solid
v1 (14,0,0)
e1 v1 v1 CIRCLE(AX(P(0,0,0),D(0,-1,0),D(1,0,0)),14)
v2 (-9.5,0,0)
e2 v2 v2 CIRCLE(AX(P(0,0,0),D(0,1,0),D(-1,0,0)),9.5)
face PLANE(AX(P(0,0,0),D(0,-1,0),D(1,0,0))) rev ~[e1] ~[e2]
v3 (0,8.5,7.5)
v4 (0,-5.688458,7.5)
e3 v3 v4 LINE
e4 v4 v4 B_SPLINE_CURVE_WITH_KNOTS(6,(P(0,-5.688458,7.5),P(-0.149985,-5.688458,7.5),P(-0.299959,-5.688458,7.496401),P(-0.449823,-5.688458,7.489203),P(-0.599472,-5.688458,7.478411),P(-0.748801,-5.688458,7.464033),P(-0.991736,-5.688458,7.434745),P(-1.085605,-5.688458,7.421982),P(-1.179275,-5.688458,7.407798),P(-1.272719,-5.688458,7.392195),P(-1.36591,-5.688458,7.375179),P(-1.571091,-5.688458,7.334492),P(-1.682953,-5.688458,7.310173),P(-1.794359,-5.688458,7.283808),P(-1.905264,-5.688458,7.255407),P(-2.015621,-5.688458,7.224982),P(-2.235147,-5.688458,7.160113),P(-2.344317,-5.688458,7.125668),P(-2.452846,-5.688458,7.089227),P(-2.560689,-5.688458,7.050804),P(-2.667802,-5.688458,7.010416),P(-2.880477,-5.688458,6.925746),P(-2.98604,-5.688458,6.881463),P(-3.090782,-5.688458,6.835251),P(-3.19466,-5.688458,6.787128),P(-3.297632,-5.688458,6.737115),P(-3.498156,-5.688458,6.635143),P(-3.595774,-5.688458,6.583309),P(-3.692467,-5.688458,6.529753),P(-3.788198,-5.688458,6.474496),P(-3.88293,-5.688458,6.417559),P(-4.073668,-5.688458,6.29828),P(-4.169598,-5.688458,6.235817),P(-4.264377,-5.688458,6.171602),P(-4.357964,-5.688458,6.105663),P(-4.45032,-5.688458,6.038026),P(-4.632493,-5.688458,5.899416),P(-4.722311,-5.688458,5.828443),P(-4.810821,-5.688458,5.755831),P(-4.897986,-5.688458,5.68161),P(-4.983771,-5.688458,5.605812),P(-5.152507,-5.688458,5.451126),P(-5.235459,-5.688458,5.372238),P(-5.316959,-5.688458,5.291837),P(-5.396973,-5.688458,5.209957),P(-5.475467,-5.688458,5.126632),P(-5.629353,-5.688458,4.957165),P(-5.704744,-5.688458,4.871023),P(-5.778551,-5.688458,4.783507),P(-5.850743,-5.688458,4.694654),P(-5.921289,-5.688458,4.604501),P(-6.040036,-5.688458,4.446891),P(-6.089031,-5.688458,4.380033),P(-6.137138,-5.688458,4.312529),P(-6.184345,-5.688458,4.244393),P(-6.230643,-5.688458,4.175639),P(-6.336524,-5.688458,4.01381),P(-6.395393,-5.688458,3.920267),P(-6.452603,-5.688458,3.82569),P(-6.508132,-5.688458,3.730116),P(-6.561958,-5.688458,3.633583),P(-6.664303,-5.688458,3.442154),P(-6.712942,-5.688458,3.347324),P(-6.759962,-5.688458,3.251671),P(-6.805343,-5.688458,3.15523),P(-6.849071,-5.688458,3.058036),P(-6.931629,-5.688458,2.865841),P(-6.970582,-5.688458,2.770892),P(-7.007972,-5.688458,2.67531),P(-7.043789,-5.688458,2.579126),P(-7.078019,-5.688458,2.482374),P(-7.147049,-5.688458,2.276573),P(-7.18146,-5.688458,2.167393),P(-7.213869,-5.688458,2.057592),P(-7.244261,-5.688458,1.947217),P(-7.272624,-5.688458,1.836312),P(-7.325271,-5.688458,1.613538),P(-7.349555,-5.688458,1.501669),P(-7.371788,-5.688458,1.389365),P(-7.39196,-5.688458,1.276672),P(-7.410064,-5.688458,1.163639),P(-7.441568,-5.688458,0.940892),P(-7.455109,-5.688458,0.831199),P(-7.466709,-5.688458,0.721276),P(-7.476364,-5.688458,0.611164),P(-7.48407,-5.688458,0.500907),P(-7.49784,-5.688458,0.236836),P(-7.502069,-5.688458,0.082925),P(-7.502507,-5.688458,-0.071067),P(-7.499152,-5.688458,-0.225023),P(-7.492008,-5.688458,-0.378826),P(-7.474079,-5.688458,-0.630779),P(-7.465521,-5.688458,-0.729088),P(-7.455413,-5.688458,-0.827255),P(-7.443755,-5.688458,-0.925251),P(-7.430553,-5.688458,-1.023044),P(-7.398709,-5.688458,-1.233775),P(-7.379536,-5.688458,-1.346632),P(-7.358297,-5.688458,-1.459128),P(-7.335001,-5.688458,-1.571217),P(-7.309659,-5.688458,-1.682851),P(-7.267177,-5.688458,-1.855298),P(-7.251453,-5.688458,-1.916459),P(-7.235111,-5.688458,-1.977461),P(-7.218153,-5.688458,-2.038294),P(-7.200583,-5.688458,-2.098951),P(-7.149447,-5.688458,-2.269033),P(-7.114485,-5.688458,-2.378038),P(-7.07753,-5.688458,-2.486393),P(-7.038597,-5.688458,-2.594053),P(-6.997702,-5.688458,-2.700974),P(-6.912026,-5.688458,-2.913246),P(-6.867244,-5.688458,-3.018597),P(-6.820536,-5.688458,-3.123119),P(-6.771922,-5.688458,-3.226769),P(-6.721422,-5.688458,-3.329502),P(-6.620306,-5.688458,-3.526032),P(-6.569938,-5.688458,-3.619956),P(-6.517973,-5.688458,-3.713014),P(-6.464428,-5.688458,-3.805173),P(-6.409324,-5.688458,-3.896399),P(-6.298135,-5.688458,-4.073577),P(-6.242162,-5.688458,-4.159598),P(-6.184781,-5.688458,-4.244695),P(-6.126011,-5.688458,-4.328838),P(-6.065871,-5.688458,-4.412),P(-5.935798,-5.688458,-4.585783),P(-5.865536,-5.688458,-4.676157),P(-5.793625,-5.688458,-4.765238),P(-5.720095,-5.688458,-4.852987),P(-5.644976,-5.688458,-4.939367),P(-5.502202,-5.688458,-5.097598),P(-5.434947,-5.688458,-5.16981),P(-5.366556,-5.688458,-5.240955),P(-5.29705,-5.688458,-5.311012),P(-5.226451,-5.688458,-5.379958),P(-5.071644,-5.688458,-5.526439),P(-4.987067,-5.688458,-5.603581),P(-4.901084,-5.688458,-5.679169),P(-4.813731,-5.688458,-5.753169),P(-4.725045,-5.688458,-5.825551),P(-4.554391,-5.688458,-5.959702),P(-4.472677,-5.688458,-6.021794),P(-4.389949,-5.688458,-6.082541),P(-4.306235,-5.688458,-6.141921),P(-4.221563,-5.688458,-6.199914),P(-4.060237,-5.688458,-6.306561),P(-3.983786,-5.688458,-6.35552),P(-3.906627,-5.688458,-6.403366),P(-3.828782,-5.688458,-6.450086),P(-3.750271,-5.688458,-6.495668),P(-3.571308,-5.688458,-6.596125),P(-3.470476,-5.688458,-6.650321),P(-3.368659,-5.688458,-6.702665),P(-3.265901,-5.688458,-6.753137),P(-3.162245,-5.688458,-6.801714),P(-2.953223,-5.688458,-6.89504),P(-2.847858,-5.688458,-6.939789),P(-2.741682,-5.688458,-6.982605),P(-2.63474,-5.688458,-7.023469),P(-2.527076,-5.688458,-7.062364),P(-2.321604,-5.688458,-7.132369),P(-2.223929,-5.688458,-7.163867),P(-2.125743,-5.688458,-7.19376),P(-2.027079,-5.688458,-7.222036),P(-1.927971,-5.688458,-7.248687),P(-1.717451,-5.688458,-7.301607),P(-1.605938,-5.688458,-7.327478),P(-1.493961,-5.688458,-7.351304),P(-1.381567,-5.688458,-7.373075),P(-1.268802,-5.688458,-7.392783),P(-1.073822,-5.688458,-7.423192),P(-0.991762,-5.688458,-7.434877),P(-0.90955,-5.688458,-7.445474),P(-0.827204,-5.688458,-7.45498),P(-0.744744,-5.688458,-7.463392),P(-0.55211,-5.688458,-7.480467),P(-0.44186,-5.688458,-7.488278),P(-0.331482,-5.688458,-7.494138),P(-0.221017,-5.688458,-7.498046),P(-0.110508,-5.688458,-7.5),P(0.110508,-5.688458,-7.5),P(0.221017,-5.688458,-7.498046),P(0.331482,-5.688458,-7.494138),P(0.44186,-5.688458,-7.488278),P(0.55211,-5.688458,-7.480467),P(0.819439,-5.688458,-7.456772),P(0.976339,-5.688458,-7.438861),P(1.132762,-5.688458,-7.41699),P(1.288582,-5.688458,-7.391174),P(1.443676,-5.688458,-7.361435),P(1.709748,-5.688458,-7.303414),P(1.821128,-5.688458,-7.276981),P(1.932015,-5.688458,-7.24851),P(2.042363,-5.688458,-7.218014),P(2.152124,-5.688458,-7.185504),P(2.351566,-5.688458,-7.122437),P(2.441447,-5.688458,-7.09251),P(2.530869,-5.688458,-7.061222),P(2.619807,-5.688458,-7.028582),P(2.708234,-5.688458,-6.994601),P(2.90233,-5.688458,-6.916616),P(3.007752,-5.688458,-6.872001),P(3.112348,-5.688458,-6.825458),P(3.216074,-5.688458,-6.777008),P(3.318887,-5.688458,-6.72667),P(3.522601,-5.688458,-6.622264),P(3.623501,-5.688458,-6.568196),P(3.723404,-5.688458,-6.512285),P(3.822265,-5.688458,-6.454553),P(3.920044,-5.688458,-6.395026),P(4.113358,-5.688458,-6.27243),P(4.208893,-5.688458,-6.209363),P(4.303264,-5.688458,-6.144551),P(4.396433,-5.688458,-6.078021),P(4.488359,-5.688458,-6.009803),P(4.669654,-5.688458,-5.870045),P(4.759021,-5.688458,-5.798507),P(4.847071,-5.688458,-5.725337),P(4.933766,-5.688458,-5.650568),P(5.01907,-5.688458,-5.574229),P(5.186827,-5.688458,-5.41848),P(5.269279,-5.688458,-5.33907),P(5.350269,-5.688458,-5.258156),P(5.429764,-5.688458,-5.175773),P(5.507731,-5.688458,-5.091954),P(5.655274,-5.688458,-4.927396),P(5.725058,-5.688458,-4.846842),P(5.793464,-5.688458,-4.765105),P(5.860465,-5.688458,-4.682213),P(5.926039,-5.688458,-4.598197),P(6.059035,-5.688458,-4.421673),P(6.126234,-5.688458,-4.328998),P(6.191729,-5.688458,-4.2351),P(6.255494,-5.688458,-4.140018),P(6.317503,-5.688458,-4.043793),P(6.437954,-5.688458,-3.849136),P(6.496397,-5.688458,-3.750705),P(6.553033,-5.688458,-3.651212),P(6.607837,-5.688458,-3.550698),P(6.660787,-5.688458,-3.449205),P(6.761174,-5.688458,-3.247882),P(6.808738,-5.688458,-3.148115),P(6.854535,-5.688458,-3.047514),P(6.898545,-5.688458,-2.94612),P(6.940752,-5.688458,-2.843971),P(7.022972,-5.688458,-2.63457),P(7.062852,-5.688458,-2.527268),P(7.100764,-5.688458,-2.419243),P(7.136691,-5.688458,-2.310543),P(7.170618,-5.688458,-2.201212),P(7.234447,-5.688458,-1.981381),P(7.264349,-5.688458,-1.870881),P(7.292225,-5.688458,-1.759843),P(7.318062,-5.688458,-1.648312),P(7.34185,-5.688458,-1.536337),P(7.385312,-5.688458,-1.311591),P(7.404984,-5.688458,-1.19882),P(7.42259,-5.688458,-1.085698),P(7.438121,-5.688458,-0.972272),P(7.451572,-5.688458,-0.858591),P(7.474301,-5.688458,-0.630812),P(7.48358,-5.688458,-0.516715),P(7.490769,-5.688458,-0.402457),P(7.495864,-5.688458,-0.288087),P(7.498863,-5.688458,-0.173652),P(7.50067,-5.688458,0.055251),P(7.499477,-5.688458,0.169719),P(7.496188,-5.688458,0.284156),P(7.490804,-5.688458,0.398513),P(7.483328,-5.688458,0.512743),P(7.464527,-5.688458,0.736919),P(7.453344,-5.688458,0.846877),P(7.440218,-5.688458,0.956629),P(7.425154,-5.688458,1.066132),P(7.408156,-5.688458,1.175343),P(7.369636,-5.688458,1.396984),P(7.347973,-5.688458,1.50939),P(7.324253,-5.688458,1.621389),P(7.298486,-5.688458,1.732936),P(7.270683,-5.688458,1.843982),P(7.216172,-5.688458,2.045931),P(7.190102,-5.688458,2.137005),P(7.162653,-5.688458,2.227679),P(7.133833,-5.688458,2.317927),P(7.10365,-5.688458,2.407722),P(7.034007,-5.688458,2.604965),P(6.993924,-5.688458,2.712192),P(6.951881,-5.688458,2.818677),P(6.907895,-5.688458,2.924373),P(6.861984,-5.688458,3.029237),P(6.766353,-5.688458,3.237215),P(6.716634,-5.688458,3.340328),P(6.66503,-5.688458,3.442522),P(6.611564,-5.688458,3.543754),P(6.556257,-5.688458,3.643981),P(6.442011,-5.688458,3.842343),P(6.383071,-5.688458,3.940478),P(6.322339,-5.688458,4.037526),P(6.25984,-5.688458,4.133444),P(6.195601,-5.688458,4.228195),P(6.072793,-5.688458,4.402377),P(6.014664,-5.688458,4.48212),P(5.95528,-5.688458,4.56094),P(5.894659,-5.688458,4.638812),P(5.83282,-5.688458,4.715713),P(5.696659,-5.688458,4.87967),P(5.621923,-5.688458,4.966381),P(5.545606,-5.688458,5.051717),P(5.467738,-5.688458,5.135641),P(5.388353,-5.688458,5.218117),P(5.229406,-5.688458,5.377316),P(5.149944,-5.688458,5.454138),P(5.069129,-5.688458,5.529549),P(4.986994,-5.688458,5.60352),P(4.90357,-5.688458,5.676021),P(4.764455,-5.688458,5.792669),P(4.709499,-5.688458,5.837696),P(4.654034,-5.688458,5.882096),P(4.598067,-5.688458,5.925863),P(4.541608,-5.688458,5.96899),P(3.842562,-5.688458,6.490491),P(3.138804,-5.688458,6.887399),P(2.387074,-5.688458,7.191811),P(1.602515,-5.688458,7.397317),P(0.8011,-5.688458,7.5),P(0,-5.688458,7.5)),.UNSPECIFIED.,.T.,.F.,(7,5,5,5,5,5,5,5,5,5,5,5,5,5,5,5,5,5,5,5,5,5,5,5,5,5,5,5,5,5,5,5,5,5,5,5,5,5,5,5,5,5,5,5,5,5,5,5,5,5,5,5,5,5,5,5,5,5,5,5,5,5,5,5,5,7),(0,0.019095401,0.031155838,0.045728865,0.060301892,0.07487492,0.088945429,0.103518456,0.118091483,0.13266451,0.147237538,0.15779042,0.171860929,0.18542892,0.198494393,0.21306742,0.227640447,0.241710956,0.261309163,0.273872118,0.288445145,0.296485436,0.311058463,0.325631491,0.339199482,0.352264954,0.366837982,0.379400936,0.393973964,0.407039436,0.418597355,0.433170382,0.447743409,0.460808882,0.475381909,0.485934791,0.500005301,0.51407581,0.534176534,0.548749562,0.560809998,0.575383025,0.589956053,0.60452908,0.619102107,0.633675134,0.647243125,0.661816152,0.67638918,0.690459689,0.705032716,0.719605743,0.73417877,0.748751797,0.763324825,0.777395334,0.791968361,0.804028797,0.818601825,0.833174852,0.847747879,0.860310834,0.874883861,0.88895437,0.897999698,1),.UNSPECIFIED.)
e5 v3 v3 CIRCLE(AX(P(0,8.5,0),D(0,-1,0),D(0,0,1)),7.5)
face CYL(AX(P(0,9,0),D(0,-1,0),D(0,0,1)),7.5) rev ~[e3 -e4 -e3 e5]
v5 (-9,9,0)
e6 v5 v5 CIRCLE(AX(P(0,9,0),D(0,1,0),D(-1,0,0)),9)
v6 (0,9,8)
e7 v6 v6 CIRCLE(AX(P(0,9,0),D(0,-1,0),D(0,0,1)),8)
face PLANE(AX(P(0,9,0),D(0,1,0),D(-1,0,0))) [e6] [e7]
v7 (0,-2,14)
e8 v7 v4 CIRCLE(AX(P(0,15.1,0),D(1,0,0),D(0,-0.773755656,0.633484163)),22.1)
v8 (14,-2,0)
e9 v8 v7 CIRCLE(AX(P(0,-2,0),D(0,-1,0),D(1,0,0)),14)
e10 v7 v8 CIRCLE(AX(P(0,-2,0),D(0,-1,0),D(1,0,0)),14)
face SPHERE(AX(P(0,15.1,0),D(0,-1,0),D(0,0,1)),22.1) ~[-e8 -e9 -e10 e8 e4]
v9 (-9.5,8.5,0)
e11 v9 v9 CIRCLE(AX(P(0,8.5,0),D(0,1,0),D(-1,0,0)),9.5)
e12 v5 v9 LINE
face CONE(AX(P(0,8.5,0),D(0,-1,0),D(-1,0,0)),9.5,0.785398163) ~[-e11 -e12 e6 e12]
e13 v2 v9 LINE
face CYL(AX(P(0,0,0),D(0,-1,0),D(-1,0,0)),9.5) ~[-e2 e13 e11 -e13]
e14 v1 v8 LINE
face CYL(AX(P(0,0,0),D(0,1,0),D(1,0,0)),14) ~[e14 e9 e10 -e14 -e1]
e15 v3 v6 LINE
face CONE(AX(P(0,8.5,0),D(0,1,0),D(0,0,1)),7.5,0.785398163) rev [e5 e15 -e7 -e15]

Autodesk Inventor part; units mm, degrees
ref_plane "YZ Plane" through (0, 0, 0) normal (1, 0, 0) x (0, 1, 0)
ref_plane "XZ Plane" through (0, 0, 0) normal (0, 1, 0) x (-1, 0, 0)
ref_plane "XY Plane" through (0, 0, 0) normal (0, 0, 1) x (1, 0, 0)
sketch "Sketch1" plane through (0, 0, 0) normal (0, 1, 0) x (-1, 0, 0)
  circle A0 centre (0, 0) radius 9.5
  dimension "d0" = 19
extrude "Extrusion1" add sketch "Sketch1" along normal blind 9
sketch "Sketch2" plane through (0, 0, 0) normal (0, -1, 0) x (1, 0, 0)
  circle A0 centre (0, 0) radius 14
  dimension "d3" = 28
extrude "Extrusion2" add sketch "Sketch2" along normal blind 2
sketch "Sketch5" plane through (0, 0, 0) normal (1, 0, 0) x (0, 1, 0)
  line L0 (-2, 14) -> (-2, -14) construction
  line L1 (-2, 0) -> (-2, 14)
  line L2 (-2, 0) -> (-7, 0)
  circle A0 centre (15.1, 0) radius 22.1 construction
  line L3 (-19.5566, 0) -> (77.1483, 0) projected
  arc A1 (-2, 14) -> (-7, 0) centre (15.1, 0) ccw
  point P0 (0, 0)
  dimension "d13" = 5
revolve "Revolution1" add sketch "Sketch5" angle 360 about axis through (0, -10, 0) along (0, 1, 0)
sketch "Sketch6" plane through (0, 9, 0) normal (0, 1, 0) x (1, 0, 0)
  point P0 (0, 0)
  point P1 (0, 0)
hole "Hole2" at (0, 9, 0) direction (0, -1, 0) diameter 15 end through all
chamfer "Chamfer2" distance 0.5 angle 45 2 edges at (9.5, 9, 0) (0, 9, -7.5)
properties part number "KN-00-02-06" material "CuZn40"
